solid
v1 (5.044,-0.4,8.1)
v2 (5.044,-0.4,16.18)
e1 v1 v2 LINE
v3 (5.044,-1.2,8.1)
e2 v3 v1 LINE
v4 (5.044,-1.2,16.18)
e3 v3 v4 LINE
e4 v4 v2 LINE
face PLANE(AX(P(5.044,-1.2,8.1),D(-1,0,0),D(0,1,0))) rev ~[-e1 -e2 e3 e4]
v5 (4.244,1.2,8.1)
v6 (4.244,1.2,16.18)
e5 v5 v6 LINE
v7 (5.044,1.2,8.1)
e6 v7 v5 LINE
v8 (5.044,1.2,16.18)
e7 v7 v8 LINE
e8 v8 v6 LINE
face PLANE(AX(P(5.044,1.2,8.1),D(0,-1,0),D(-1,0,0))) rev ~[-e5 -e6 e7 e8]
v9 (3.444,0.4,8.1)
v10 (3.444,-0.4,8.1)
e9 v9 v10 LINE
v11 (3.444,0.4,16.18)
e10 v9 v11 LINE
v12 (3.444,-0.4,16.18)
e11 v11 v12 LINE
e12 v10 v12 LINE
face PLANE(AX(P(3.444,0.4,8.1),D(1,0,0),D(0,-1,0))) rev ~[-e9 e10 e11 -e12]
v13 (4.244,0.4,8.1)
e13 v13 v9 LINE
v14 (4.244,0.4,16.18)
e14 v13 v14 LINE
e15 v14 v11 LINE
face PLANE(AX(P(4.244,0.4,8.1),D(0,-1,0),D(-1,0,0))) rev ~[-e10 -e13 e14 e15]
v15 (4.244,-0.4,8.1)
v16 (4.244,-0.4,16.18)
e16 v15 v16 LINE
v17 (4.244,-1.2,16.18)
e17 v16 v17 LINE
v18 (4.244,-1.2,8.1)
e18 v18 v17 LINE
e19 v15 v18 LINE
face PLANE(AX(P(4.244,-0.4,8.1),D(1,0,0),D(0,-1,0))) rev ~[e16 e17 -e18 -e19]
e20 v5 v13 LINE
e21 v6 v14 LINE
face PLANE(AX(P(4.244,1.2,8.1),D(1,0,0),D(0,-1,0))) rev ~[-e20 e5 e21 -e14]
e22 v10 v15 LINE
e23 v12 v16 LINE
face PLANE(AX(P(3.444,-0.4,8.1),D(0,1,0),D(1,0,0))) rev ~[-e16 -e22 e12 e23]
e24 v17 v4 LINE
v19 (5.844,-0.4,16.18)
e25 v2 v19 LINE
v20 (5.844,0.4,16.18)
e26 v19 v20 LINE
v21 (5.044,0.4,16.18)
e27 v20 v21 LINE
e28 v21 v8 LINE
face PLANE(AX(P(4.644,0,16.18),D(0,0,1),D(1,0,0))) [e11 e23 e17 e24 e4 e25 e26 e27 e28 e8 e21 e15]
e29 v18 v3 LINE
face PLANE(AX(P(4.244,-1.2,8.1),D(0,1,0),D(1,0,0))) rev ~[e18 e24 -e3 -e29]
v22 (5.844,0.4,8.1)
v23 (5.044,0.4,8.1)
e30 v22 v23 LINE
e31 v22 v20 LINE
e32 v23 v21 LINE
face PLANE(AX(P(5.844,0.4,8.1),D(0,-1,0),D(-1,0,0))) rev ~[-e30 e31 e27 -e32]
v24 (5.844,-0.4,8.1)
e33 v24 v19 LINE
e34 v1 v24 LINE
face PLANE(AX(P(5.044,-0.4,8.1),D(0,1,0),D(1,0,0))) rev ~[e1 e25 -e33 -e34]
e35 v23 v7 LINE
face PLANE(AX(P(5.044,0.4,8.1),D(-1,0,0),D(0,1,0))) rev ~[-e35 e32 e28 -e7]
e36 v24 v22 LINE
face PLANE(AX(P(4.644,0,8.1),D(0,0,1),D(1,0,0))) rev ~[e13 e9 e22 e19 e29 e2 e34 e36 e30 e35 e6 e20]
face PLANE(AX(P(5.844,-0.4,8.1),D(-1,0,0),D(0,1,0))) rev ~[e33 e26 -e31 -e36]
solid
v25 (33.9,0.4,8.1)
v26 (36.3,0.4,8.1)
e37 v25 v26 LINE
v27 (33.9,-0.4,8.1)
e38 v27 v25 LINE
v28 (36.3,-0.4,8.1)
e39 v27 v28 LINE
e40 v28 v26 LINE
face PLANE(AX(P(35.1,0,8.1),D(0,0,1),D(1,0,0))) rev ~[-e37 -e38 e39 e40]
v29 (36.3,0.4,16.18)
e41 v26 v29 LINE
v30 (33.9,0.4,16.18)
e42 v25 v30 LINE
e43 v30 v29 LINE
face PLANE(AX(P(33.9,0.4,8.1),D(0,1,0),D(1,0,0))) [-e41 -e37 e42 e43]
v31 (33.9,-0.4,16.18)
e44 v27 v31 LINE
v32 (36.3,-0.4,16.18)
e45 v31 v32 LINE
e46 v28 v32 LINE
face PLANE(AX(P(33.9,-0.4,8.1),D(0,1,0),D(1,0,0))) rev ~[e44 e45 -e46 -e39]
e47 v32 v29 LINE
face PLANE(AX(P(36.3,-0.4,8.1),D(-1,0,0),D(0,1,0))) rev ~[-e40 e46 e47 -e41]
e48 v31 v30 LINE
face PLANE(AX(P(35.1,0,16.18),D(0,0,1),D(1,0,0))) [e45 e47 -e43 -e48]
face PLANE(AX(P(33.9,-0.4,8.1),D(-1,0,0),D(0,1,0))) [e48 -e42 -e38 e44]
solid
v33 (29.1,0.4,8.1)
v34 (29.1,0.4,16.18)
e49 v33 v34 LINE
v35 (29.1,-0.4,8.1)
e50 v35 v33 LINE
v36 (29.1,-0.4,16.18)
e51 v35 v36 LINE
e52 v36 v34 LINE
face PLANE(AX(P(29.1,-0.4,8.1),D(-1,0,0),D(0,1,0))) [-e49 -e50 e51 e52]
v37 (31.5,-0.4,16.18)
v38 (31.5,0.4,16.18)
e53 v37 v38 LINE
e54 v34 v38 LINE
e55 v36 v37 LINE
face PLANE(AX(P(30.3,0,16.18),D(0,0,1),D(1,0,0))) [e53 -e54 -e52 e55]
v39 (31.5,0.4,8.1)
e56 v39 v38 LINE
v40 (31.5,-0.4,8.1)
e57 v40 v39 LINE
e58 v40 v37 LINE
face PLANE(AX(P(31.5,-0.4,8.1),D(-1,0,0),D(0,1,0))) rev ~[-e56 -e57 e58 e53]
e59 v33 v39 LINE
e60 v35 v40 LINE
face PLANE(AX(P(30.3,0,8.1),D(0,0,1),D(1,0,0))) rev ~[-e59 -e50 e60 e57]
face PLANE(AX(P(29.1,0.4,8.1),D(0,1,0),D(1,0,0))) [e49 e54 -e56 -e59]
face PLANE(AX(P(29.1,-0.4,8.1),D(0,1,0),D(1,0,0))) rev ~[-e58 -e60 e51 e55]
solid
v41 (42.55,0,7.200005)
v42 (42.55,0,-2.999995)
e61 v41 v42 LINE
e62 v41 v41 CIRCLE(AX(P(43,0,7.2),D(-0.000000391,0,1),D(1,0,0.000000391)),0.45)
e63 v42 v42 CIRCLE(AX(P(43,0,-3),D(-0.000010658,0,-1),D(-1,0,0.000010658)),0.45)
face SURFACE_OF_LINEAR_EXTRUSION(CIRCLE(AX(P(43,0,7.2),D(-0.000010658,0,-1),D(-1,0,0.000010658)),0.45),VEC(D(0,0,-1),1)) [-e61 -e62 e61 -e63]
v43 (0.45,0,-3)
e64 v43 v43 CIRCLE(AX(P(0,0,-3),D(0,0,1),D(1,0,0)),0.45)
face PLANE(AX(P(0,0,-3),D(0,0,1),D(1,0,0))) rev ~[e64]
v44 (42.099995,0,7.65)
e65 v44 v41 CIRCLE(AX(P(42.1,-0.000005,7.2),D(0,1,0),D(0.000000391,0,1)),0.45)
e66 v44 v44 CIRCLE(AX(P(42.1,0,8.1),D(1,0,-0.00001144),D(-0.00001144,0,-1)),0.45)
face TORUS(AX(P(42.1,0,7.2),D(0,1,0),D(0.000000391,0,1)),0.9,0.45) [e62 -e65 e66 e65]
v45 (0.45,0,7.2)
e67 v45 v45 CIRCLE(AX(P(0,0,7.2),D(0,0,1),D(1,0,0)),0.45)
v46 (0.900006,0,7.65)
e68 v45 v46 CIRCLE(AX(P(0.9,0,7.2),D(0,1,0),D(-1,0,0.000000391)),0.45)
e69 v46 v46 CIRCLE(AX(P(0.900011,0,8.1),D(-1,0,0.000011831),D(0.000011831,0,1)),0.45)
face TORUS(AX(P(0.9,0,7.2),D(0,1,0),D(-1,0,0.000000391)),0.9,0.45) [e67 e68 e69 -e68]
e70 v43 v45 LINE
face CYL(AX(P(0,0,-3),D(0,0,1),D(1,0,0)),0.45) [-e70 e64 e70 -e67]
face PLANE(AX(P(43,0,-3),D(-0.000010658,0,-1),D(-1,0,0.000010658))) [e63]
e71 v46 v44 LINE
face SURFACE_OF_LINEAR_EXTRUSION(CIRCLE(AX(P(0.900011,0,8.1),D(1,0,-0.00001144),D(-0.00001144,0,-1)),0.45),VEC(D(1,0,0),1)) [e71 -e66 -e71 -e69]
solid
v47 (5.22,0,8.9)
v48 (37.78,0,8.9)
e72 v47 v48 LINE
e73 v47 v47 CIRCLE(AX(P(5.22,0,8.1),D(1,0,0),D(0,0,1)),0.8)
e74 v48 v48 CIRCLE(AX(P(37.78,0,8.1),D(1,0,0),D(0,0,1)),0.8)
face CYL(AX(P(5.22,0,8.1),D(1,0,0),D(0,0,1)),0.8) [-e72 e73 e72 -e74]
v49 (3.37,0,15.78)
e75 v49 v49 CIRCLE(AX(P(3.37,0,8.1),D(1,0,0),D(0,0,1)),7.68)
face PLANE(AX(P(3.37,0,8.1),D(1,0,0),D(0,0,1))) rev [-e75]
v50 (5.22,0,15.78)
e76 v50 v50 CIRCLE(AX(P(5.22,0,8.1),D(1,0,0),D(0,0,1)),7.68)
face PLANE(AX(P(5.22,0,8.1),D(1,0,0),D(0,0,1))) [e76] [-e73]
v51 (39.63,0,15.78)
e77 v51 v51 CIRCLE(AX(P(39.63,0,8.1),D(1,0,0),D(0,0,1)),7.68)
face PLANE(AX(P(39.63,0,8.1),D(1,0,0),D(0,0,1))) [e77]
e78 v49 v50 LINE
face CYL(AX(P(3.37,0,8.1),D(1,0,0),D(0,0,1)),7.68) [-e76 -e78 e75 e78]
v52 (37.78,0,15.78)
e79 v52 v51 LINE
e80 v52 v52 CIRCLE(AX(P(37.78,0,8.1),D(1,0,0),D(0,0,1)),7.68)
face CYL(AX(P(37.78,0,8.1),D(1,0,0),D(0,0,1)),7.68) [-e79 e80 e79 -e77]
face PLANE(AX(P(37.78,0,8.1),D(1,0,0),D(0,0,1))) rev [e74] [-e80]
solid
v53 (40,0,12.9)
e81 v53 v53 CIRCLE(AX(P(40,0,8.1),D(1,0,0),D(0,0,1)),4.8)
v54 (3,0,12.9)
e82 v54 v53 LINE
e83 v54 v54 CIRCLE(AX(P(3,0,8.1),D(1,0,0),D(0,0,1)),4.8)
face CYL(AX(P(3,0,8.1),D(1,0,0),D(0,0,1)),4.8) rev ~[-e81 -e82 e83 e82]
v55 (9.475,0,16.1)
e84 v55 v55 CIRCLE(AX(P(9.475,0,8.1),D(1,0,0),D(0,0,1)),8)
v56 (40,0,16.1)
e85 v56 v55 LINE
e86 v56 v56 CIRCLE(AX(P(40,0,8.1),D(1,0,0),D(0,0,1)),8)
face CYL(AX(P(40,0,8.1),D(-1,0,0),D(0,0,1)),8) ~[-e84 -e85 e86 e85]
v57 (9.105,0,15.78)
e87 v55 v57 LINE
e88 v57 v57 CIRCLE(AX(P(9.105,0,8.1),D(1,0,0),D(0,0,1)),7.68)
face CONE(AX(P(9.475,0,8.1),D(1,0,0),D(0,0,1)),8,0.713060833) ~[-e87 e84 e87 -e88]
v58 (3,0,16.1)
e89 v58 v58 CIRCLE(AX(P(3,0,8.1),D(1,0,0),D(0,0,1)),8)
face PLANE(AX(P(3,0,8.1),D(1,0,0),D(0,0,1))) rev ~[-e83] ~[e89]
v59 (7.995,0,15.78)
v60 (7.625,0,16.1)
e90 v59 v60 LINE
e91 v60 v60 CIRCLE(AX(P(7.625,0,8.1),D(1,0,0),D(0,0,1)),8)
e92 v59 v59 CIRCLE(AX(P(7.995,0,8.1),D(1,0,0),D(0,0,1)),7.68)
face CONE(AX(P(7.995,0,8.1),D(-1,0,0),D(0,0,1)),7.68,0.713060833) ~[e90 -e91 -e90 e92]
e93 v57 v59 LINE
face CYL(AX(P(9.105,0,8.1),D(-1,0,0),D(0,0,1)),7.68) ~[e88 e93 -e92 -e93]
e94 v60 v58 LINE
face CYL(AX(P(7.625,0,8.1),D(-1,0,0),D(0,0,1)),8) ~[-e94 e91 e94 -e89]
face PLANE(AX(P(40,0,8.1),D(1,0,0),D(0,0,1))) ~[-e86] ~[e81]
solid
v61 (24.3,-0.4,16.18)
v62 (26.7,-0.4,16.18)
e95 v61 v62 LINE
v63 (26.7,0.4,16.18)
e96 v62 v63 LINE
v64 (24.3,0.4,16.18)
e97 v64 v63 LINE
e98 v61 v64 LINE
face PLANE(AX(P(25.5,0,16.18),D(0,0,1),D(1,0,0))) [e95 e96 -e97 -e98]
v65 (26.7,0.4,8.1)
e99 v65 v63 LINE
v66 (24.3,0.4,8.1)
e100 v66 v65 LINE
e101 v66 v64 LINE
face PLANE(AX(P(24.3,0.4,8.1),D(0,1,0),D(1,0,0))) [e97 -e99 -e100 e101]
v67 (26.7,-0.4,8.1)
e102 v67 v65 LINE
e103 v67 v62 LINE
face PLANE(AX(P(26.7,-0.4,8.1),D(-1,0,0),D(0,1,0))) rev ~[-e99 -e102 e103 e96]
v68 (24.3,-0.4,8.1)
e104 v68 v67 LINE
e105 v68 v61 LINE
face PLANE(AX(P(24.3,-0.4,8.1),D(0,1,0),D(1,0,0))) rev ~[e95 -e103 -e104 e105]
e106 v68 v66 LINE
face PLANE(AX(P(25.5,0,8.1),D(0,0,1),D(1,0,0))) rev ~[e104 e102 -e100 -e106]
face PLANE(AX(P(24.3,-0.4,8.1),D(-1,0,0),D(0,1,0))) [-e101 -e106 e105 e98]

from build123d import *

# Parameters (mm, degrees)
SKETCH_R    = 0.45
SKETCH004_W = 2.4
SKETCH004_H = 0.8
PAD_DEPTH   = 8.08


with BuildPart() as sweep_body:
    # Sweep: sweep along a path in Sketch001
    with BuildLine(Plane.XZ) as sweep_path:
        Line((0, -3), (0, 7.2))
        ThreePointArc((0, 7.2), (0.263608, 7.8364), (0.900011, 8.1))
        Line((0.900011, 8.1), (42.1, 8.1))
        ThreePointArc((42.1, 8.1), (42.736396, 7.836396), (43, 7.2))
        Line((43, 7.2), (43, -3))
    # Sketch → Sweep (sweep)
    with BuildSketch(Plane.XY.offset(-2)):
        Circle(SKETCH_R)
    sweep(path=sweep_path.line)


with BuildPart() as revolution:
    # Sketch002 → Revolution (revolve)
    with BuildSketch(Plane.XZ):
        Polygon((3, 16.1), (3, 12.9), (40, 12.9), (40, 16.1), (9.475, 16.1), (9.105, 15.78), (7.995, 15.78), (7.625, 16.1), align=None)
    revolve(axis=Axis((6.97588, 0, 8.1), (1, 0, 0)))


with BuildPart() as revolution001:
    # Sketch003 → Revolution001 (revolve)
    with BuildSketch(Plane.XZ):
        Polygon((3.37, 15.78), (5.22, 15.78), (5.22, 8.9), (37.78, 8.9), (37.78, 15.78), (39.63, 15.78), (39.63, 8.1), (3.37, 8.1), align=None)
    revolve(axis=Axis((6.97588, 0, 8.1), (1, 0, 0)))


with BuildPart() as pad:
    # Sketch004 → Pad (new body)
    with BuildSketch(Plane.XY.offset(8.1)):
        with Locations((35.1, 0)):
            Rectangle(SKETCH004_W, SKETCH004_H)
        with Locations((30.3, 0)):
            Rectangle(SKETCH004_W, SKETCH004_H)
        with Locations((25.5, 0)):
            Rectangle(SKETCH004_W, SKETCH004_H)
        Polygon((4.244, 0.4), (3.444, 0.4), (3.444, -0.4), (4.244, -0.4), (4.244, -1.2), (5.044, -1.2), (5.044, -0.4), (5.844, -0.4), (5.844, 0.4), (5.044, 0.4), (5.044, 1.2), (4.244, 1.2), align=None)
    extrude(amount=PAD_DEPTH)


solid = Compound([sweep_body.part, revolution.part, revolution001.part, pad.part])
